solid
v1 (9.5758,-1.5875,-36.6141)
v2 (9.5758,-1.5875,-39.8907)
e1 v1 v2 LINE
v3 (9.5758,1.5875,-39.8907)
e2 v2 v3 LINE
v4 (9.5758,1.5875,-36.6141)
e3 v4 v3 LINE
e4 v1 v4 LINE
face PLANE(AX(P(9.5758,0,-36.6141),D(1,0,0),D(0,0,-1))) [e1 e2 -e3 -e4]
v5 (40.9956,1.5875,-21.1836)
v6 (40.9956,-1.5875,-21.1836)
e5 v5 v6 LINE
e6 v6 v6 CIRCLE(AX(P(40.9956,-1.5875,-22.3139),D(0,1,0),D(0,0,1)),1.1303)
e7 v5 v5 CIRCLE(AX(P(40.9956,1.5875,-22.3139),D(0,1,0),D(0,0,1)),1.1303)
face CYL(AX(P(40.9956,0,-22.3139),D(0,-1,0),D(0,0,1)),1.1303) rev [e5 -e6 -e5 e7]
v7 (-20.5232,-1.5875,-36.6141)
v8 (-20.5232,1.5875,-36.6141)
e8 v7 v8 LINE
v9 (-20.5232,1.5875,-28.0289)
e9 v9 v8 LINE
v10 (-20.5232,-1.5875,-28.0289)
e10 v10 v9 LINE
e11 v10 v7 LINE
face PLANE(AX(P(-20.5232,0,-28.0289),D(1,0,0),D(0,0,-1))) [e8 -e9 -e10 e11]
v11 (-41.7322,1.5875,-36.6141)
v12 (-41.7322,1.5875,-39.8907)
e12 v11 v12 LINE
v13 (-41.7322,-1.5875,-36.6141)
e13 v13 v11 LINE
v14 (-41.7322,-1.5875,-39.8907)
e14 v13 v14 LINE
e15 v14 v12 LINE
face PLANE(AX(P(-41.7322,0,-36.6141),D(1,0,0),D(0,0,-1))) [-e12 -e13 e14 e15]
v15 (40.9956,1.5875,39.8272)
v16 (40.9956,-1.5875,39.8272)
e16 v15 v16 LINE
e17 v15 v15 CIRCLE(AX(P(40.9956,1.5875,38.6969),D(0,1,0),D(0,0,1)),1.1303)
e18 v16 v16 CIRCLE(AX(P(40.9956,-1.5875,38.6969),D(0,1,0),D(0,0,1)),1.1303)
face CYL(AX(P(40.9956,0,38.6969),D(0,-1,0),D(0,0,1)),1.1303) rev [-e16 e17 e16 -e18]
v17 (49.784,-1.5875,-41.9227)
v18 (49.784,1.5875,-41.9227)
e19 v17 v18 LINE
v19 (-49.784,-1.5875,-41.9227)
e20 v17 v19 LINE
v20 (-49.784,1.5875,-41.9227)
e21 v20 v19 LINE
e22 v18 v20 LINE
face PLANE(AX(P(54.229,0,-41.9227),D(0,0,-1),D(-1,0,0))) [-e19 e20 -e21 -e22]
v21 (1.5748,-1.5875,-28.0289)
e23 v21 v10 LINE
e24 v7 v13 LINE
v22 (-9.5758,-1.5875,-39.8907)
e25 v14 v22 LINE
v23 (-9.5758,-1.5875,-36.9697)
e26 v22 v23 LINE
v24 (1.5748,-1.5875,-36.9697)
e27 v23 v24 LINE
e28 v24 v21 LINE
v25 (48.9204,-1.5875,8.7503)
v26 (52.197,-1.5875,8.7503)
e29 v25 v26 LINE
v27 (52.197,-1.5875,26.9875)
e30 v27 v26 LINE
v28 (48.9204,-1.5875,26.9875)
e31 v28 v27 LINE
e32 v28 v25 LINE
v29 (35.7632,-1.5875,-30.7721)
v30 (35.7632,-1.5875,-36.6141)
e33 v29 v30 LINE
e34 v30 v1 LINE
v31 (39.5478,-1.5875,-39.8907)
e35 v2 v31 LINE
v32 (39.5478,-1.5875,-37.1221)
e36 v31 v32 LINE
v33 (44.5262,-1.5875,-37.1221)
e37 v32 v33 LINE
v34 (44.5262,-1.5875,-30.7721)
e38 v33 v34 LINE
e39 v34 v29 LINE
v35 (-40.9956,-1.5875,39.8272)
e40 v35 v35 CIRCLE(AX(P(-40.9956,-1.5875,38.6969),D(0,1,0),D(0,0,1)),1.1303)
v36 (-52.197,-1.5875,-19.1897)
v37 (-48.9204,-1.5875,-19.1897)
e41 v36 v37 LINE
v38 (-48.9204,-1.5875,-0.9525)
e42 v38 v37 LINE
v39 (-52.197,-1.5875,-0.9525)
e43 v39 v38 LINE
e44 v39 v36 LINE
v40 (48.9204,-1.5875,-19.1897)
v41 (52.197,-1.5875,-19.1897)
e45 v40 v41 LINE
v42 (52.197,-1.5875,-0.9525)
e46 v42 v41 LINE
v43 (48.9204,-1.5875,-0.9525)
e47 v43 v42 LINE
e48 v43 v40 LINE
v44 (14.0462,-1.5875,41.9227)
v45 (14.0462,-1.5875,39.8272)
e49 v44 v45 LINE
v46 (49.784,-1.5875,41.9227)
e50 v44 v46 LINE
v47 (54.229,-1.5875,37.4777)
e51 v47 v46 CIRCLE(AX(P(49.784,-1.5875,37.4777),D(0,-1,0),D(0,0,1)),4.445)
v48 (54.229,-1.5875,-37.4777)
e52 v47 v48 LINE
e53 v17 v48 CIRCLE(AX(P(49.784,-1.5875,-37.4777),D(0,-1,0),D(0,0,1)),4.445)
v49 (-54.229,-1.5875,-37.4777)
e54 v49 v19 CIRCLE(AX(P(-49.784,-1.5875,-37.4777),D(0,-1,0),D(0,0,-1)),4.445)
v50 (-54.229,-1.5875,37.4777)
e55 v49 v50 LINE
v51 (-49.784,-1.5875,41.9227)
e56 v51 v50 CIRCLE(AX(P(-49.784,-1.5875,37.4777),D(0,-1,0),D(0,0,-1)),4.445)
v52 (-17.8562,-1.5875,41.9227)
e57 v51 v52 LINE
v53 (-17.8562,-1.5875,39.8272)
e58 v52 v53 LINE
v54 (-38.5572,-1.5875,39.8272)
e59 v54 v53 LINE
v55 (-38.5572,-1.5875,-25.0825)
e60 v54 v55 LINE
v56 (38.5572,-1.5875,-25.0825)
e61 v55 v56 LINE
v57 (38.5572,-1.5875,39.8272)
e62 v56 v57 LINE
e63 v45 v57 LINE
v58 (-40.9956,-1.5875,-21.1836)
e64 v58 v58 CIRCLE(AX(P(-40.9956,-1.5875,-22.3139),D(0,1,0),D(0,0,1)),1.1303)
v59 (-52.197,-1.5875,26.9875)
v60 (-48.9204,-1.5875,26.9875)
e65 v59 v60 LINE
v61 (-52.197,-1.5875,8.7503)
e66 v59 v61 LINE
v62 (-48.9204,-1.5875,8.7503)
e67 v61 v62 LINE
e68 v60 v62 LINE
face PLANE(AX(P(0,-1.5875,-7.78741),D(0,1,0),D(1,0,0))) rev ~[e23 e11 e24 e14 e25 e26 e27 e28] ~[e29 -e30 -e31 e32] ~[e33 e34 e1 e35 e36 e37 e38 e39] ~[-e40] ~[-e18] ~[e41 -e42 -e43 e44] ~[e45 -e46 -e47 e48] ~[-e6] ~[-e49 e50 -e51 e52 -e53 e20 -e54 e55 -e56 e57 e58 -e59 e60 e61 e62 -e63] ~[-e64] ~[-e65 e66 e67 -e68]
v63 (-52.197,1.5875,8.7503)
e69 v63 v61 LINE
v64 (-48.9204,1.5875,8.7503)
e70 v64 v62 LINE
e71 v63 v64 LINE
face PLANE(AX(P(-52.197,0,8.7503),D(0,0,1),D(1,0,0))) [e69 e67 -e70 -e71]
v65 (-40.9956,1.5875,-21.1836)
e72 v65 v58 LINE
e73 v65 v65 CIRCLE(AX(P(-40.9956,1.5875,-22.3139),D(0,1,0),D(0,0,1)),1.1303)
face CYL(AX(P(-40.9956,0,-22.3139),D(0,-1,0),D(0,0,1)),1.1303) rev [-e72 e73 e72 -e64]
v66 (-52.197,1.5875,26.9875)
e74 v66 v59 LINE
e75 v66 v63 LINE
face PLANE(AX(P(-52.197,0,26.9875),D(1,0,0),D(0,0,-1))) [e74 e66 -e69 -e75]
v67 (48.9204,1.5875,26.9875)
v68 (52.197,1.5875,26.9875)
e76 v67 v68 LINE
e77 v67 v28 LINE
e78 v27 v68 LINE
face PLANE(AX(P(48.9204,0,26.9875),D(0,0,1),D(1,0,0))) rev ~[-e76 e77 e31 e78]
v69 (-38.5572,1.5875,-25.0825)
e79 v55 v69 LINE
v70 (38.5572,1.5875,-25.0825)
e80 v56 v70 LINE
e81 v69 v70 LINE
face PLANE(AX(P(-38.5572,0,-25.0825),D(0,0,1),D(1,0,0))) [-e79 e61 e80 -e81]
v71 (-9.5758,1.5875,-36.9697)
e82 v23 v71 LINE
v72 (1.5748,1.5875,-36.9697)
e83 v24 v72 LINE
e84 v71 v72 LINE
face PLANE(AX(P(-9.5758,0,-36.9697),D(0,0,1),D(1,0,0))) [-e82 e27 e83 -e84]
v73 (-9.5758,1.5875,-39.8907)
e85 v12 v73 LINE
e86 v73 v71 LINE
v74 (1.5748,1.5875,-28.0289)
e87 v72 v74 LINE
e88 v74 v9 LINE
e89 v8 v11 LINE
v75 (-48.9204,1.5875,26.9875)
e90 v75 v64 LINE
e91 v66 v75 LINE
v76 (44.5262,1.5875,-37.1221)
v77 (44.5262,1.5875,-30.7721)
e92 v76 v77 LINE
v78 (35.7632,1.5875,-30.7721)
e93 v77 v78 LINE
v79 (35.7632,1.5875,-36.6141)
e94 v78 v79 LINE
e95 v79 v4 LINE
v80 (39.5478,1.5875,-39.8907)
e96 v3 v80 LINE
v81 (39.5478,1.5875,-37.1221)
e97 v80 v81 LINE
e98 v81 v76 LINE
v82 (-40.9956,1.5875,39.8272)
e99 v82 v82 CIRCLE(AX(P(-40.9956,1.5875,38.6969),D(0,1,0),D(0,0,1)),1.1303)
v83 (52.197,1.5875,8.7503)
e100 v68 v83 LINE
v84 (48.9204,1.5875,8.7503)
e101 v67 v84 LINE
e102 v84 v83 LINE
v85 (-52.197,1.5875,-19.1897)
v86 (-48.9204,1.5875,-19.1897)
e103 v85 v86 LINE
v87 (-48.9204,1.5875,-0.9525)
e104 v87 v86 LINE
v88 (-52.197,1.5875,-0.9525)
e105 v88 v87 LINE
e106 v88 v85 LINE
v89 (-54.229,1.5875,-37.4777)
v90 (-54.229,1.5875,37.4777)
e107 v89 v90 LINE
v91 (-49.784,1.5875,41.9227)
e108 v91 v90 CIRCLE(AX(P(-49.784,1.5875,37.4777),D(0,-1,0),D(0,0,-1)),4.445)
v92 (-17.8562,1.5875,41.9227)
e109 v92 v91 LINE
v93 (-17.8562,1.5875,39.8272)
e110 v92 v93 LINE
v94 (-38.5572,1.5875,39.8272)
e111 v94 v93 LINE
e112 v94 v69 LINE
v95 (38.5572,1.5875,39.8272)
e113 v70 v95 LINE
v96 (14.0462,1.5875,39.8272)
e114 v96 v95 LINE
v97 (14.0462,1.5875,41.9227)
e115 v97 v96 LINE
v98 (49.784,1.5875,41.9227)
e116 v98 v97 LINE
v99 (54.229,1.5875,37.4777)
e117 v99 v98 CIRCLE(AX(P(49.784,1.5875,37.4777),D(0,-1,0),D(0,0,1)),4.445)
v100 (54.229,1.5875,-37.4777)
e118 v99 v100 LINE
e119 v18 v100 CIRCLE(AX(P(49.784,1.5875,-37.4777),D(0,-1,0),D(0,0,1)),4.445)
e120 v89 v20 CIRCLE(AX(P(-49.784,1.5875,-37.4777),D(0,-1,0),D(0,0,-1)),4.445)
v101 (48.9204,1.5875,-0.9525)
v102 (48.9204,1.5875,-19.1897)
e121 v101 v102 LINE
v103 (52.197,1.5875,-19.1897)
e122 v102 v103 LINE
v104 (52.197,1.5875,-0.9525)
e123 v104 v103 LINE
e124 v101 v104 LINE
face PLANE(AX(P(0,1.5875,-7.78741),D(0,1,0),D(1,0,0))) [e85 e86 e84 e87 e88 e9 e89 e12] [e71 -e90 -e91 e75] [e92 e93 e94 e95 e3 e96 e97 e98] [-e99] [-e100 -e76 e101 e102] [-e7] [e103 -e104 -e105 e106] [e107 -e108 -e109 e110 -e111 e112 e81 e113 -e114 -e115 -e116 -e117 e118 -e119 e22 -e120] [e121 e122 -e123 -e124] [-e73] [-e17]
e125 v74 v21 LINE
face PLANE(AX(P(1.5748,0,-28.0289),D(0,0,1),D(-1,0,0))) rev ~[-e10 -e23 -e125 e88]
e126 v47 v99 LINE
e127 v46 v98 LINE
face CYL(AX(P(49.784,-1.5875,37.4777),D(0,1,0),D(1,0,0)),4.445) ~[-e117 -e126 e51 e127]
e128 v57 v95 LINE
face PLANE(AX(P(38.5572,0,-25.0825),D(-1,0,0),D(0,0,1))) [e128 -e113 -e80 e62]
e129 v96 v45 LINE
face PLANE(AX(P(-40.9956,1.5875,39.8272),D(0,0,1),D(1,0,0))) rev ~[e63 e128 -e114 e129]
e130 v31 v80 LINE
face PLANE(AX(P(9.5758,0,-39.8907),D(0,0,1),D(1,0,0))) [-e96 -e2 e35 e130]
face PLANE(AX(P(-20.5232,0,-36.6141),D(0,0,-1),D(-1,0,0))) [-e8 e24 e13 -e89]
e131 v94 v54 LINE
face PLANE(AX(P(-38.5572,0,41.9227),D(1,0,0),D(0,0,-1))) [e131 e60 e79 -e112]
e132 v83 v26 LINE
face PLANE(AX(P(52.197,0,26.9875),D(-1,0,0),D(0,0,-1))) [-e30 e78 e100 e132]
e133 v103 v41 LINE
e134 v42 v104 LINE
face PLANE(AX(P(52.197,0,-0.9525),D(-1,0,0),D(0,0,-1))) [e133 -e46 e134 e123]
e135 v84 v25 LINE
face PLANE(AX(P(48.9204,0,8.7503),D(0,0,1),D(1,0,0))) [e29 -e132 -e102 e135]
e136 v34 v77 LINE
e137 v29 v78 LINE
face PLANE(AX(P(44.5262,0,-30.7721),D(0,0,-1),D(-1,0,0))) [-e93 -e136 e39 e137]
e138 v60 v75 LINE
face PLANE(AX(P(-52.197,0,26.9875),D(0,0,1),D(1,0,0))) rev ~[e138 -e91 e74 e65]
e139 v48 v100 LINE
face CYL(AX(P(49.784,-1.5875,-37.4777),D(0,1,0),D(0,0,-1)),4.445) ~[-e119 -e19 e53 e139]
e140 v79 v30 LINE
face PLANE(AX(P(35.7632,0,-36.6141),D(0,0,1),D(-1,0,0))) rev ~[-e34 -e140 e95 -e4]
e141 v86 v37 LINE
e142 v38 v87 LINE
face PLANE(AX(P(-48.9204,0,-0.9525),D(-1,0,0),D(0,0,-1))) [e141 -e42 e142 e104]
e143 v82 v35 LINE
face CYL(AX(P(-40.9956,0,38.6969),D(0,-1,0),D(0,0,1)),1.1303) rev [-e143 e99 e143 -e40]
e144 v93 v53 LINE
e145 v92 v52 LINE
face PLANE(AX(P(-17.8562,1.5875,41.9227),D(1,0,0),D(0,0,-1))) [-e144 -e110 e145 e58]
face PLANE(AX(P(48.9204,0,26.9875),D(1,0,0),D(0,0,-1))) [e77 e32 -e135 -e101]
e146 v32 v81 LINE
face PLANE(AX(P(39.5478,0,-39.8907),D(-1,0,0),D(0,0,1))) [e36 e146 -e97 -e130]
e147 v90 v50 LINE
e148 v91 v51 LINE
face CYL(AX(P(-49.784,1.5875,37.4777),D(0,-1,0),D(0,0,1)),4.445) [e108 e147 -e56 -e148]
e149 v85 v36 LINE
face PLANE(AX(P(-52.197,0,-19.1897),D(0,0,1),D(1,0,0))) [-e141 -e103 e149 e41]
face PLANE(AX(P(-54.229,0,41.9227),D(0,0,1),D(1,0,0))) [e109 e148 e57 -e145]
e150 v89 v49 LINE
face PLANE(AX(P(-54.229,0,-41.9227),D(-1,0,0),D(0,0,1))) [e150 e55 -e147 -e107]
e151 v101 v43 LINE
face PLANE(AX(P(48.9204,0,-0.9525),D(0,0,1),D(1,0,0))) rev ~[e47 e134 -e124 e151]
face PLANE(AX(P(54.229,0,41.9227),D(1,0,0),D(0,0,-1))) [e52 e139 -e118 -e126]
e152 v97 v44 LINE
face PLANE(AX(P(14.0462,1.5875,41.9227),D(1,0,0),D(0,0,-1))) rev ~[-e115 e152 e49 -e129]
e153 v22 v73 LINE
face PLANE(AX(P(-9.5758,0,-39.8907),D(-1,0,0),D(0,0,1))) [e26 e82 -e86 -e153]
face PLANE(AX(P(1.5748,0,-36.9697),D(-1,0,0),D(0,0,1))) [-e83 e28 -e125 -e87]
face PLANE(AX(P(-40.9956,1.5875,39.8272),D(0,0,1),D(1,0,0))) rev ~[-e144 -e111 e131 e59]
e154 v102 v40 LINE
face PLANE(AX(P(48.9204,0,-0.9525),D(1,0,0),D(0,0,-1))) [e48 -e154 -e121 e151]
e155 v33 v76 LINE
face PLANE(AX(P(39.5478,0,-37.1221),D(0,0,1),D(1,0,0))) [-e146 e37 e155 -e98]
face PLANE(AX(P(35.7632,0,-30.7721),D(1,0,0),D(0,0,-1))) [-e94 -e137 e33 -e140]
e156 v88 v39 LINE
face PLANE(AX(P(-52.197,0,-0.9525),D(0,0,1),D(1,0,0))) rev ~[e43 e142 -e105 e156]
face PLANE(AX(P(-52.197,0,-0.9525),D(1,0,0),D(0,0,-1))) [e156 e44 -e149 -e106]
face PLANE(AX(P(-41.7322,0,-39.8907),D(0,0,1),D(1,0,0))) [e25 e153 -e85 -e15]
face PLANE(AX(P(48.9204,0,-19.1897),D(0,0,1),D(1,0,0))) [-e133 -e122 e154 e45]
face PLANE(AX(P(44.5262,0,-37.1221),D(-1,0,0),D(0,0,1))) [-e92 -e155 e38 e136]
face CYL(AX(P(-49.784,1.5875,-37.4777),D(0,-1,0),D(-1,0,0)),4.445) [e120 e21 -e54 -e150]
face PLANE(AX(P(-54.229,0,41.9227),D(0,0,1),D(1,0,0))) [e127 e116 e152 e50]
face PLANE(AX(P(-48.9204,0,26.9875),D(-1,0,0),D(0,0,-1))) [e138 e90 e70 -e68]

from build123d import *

# Parameters (mm, degrees)
SKETCH1_R           = 1.1303
SKETCH1_W           = 3.2766
SKETCH1_H           = 18.2372
BOSS_EXTRUDE1_DEPTH = 1.5875
FILLET1_R           = 4.445
SKETCH2_W           = 81.9912
SKETCH2_H           = 2.0955
BOSS_EXTRUDE2_DEPTH = 3.175
SKETCH3_W           = 31.9024
SKETCH3_H           = 2.0955
CUT_EXTRUDE1_DEPTH  = 3.175


with BuildPart() as part:
    # Sketch1 → Boss-Extrude1 (new, symmetric)
    with BuildSketch(Plane(origin=(0, 0, 0), x_dir=(1, 0, 0), z_dir=(0, 1, 0))):
        Polygon((-38.5572, -41.9227), (-38.5572, 25.0825), (38.5572, 25.0825), (38.5572, -41.9227), (54.229, -41.9227), (54.229, 41.9227), (-54.229, 41.9227), (-54.229, -41.9227), align=None)
        with Locations(Location((-40.9956, -38.6969, 0), (0, 0, 270))):
            Circle(SKETCH1_R, mode=Mode.SUBTRACT)
        with Locations(Location((-40.9956, 22.3139, 0), (0, 0, 270))):
            Circle(SKETCH1_R, mode=Mode.SUBTRACT)
        with Locations(Location((40.9956, 22.3139, 0), (0, 0, 270))):
            Circle(SKETCH1_R, mode=Mode.SUBTRACT)
        with Locations(Location((40.9956, -38.6969, 0), (0, 0, 270))):
            Circle(SKETCH1_R, mode=Mode.SUBTRACT)
        with Locations((-50.5587, 10.0711)):
            Rectangle(SKETCH1_W, SKETCH1_H, mode=Mode.SUBTRACT)
        with Locations((-50.5587, -17.8689)):
            Rectangle(SKETCH1_W, SKETCH1_H, mode=Mode.SUBTRACT)
        with Locations((50.5587, -17.8689)):
            Rectangle(SKETCH1_W, SKETCH1_H, mode=Mode.SUBTRACT)
        with Locations((50.5587, 10.0711)):
            Rectangle(SKETCH1_W, SKETCH1_H, mode=Mode.SUBTRACT)
        Polygon((-20.5232, 36.6141), (-41.7322, 36.6141), (-41.7322, 39.8907), (-9.5758, 39.8907), (-9.5758, 37.2237), (-9.5758, 36.9697), (1.5748, 36.9697), (1.5748, 28.0289), (-20.5232, 28.0289), align=None, mode=Mode.SUBTRACT)
        Polygon((9.5758, 38.590972839), (9.5758, 39.8907), (39.5478, 39.8907), (39.5478, 37.1221), (44.5262, 37.1221), (44.5262, 30.7721), (35.7632, 30.7721), (35.7632, 36.6141), (9.5758, 36.6141), align=None, mode=Mode.SUBTRACT)
    extrude(amount=BOSS_EXTRUDE1_DEPTH, both=True)

    # Fillet1
    fillet1_edges = [part.edges().sort_by_distance(p)[0] for p in [
        (-54.229, 0, -41.9227),
        (54.229, 0, -41.9227),
        (54.229, 0, 41.9227),
        (-54.229, 0, 41.9227),
    ]]
    fillet(fillet1_edges, radius=FILLET1_R)

    # Sketch2 → Boss-Extrude2 (add)
    with BuildSketch(Plane(origin=(0, 1.5875, 0), x_dir=(1, 0, 0), z_dir=(0, 1, 0))):
        with Locations((0, -40.87495)):
            Rectangle(SKETCH2_W, SKETCH2_H)
    extrude(amount=-BOSS_EXTRUDE2_DEPTH)

    # Sketch3 → Cut-Extrude1 (cut)
    with BuildSketch(Plane(origin=(0, 1.5875, 0), x_dir=(1, 0, 0), z_dir=(0, 1, 0))):
        with Locations((-1.905, -40.87495)):
            Rectangle(SKETCH3_W, SKETCH3_H)
    extrude(amount=-CUT_EXTRUDE1_DEPTH, mode=Mode.SUBTRACT)


solid = part.part
